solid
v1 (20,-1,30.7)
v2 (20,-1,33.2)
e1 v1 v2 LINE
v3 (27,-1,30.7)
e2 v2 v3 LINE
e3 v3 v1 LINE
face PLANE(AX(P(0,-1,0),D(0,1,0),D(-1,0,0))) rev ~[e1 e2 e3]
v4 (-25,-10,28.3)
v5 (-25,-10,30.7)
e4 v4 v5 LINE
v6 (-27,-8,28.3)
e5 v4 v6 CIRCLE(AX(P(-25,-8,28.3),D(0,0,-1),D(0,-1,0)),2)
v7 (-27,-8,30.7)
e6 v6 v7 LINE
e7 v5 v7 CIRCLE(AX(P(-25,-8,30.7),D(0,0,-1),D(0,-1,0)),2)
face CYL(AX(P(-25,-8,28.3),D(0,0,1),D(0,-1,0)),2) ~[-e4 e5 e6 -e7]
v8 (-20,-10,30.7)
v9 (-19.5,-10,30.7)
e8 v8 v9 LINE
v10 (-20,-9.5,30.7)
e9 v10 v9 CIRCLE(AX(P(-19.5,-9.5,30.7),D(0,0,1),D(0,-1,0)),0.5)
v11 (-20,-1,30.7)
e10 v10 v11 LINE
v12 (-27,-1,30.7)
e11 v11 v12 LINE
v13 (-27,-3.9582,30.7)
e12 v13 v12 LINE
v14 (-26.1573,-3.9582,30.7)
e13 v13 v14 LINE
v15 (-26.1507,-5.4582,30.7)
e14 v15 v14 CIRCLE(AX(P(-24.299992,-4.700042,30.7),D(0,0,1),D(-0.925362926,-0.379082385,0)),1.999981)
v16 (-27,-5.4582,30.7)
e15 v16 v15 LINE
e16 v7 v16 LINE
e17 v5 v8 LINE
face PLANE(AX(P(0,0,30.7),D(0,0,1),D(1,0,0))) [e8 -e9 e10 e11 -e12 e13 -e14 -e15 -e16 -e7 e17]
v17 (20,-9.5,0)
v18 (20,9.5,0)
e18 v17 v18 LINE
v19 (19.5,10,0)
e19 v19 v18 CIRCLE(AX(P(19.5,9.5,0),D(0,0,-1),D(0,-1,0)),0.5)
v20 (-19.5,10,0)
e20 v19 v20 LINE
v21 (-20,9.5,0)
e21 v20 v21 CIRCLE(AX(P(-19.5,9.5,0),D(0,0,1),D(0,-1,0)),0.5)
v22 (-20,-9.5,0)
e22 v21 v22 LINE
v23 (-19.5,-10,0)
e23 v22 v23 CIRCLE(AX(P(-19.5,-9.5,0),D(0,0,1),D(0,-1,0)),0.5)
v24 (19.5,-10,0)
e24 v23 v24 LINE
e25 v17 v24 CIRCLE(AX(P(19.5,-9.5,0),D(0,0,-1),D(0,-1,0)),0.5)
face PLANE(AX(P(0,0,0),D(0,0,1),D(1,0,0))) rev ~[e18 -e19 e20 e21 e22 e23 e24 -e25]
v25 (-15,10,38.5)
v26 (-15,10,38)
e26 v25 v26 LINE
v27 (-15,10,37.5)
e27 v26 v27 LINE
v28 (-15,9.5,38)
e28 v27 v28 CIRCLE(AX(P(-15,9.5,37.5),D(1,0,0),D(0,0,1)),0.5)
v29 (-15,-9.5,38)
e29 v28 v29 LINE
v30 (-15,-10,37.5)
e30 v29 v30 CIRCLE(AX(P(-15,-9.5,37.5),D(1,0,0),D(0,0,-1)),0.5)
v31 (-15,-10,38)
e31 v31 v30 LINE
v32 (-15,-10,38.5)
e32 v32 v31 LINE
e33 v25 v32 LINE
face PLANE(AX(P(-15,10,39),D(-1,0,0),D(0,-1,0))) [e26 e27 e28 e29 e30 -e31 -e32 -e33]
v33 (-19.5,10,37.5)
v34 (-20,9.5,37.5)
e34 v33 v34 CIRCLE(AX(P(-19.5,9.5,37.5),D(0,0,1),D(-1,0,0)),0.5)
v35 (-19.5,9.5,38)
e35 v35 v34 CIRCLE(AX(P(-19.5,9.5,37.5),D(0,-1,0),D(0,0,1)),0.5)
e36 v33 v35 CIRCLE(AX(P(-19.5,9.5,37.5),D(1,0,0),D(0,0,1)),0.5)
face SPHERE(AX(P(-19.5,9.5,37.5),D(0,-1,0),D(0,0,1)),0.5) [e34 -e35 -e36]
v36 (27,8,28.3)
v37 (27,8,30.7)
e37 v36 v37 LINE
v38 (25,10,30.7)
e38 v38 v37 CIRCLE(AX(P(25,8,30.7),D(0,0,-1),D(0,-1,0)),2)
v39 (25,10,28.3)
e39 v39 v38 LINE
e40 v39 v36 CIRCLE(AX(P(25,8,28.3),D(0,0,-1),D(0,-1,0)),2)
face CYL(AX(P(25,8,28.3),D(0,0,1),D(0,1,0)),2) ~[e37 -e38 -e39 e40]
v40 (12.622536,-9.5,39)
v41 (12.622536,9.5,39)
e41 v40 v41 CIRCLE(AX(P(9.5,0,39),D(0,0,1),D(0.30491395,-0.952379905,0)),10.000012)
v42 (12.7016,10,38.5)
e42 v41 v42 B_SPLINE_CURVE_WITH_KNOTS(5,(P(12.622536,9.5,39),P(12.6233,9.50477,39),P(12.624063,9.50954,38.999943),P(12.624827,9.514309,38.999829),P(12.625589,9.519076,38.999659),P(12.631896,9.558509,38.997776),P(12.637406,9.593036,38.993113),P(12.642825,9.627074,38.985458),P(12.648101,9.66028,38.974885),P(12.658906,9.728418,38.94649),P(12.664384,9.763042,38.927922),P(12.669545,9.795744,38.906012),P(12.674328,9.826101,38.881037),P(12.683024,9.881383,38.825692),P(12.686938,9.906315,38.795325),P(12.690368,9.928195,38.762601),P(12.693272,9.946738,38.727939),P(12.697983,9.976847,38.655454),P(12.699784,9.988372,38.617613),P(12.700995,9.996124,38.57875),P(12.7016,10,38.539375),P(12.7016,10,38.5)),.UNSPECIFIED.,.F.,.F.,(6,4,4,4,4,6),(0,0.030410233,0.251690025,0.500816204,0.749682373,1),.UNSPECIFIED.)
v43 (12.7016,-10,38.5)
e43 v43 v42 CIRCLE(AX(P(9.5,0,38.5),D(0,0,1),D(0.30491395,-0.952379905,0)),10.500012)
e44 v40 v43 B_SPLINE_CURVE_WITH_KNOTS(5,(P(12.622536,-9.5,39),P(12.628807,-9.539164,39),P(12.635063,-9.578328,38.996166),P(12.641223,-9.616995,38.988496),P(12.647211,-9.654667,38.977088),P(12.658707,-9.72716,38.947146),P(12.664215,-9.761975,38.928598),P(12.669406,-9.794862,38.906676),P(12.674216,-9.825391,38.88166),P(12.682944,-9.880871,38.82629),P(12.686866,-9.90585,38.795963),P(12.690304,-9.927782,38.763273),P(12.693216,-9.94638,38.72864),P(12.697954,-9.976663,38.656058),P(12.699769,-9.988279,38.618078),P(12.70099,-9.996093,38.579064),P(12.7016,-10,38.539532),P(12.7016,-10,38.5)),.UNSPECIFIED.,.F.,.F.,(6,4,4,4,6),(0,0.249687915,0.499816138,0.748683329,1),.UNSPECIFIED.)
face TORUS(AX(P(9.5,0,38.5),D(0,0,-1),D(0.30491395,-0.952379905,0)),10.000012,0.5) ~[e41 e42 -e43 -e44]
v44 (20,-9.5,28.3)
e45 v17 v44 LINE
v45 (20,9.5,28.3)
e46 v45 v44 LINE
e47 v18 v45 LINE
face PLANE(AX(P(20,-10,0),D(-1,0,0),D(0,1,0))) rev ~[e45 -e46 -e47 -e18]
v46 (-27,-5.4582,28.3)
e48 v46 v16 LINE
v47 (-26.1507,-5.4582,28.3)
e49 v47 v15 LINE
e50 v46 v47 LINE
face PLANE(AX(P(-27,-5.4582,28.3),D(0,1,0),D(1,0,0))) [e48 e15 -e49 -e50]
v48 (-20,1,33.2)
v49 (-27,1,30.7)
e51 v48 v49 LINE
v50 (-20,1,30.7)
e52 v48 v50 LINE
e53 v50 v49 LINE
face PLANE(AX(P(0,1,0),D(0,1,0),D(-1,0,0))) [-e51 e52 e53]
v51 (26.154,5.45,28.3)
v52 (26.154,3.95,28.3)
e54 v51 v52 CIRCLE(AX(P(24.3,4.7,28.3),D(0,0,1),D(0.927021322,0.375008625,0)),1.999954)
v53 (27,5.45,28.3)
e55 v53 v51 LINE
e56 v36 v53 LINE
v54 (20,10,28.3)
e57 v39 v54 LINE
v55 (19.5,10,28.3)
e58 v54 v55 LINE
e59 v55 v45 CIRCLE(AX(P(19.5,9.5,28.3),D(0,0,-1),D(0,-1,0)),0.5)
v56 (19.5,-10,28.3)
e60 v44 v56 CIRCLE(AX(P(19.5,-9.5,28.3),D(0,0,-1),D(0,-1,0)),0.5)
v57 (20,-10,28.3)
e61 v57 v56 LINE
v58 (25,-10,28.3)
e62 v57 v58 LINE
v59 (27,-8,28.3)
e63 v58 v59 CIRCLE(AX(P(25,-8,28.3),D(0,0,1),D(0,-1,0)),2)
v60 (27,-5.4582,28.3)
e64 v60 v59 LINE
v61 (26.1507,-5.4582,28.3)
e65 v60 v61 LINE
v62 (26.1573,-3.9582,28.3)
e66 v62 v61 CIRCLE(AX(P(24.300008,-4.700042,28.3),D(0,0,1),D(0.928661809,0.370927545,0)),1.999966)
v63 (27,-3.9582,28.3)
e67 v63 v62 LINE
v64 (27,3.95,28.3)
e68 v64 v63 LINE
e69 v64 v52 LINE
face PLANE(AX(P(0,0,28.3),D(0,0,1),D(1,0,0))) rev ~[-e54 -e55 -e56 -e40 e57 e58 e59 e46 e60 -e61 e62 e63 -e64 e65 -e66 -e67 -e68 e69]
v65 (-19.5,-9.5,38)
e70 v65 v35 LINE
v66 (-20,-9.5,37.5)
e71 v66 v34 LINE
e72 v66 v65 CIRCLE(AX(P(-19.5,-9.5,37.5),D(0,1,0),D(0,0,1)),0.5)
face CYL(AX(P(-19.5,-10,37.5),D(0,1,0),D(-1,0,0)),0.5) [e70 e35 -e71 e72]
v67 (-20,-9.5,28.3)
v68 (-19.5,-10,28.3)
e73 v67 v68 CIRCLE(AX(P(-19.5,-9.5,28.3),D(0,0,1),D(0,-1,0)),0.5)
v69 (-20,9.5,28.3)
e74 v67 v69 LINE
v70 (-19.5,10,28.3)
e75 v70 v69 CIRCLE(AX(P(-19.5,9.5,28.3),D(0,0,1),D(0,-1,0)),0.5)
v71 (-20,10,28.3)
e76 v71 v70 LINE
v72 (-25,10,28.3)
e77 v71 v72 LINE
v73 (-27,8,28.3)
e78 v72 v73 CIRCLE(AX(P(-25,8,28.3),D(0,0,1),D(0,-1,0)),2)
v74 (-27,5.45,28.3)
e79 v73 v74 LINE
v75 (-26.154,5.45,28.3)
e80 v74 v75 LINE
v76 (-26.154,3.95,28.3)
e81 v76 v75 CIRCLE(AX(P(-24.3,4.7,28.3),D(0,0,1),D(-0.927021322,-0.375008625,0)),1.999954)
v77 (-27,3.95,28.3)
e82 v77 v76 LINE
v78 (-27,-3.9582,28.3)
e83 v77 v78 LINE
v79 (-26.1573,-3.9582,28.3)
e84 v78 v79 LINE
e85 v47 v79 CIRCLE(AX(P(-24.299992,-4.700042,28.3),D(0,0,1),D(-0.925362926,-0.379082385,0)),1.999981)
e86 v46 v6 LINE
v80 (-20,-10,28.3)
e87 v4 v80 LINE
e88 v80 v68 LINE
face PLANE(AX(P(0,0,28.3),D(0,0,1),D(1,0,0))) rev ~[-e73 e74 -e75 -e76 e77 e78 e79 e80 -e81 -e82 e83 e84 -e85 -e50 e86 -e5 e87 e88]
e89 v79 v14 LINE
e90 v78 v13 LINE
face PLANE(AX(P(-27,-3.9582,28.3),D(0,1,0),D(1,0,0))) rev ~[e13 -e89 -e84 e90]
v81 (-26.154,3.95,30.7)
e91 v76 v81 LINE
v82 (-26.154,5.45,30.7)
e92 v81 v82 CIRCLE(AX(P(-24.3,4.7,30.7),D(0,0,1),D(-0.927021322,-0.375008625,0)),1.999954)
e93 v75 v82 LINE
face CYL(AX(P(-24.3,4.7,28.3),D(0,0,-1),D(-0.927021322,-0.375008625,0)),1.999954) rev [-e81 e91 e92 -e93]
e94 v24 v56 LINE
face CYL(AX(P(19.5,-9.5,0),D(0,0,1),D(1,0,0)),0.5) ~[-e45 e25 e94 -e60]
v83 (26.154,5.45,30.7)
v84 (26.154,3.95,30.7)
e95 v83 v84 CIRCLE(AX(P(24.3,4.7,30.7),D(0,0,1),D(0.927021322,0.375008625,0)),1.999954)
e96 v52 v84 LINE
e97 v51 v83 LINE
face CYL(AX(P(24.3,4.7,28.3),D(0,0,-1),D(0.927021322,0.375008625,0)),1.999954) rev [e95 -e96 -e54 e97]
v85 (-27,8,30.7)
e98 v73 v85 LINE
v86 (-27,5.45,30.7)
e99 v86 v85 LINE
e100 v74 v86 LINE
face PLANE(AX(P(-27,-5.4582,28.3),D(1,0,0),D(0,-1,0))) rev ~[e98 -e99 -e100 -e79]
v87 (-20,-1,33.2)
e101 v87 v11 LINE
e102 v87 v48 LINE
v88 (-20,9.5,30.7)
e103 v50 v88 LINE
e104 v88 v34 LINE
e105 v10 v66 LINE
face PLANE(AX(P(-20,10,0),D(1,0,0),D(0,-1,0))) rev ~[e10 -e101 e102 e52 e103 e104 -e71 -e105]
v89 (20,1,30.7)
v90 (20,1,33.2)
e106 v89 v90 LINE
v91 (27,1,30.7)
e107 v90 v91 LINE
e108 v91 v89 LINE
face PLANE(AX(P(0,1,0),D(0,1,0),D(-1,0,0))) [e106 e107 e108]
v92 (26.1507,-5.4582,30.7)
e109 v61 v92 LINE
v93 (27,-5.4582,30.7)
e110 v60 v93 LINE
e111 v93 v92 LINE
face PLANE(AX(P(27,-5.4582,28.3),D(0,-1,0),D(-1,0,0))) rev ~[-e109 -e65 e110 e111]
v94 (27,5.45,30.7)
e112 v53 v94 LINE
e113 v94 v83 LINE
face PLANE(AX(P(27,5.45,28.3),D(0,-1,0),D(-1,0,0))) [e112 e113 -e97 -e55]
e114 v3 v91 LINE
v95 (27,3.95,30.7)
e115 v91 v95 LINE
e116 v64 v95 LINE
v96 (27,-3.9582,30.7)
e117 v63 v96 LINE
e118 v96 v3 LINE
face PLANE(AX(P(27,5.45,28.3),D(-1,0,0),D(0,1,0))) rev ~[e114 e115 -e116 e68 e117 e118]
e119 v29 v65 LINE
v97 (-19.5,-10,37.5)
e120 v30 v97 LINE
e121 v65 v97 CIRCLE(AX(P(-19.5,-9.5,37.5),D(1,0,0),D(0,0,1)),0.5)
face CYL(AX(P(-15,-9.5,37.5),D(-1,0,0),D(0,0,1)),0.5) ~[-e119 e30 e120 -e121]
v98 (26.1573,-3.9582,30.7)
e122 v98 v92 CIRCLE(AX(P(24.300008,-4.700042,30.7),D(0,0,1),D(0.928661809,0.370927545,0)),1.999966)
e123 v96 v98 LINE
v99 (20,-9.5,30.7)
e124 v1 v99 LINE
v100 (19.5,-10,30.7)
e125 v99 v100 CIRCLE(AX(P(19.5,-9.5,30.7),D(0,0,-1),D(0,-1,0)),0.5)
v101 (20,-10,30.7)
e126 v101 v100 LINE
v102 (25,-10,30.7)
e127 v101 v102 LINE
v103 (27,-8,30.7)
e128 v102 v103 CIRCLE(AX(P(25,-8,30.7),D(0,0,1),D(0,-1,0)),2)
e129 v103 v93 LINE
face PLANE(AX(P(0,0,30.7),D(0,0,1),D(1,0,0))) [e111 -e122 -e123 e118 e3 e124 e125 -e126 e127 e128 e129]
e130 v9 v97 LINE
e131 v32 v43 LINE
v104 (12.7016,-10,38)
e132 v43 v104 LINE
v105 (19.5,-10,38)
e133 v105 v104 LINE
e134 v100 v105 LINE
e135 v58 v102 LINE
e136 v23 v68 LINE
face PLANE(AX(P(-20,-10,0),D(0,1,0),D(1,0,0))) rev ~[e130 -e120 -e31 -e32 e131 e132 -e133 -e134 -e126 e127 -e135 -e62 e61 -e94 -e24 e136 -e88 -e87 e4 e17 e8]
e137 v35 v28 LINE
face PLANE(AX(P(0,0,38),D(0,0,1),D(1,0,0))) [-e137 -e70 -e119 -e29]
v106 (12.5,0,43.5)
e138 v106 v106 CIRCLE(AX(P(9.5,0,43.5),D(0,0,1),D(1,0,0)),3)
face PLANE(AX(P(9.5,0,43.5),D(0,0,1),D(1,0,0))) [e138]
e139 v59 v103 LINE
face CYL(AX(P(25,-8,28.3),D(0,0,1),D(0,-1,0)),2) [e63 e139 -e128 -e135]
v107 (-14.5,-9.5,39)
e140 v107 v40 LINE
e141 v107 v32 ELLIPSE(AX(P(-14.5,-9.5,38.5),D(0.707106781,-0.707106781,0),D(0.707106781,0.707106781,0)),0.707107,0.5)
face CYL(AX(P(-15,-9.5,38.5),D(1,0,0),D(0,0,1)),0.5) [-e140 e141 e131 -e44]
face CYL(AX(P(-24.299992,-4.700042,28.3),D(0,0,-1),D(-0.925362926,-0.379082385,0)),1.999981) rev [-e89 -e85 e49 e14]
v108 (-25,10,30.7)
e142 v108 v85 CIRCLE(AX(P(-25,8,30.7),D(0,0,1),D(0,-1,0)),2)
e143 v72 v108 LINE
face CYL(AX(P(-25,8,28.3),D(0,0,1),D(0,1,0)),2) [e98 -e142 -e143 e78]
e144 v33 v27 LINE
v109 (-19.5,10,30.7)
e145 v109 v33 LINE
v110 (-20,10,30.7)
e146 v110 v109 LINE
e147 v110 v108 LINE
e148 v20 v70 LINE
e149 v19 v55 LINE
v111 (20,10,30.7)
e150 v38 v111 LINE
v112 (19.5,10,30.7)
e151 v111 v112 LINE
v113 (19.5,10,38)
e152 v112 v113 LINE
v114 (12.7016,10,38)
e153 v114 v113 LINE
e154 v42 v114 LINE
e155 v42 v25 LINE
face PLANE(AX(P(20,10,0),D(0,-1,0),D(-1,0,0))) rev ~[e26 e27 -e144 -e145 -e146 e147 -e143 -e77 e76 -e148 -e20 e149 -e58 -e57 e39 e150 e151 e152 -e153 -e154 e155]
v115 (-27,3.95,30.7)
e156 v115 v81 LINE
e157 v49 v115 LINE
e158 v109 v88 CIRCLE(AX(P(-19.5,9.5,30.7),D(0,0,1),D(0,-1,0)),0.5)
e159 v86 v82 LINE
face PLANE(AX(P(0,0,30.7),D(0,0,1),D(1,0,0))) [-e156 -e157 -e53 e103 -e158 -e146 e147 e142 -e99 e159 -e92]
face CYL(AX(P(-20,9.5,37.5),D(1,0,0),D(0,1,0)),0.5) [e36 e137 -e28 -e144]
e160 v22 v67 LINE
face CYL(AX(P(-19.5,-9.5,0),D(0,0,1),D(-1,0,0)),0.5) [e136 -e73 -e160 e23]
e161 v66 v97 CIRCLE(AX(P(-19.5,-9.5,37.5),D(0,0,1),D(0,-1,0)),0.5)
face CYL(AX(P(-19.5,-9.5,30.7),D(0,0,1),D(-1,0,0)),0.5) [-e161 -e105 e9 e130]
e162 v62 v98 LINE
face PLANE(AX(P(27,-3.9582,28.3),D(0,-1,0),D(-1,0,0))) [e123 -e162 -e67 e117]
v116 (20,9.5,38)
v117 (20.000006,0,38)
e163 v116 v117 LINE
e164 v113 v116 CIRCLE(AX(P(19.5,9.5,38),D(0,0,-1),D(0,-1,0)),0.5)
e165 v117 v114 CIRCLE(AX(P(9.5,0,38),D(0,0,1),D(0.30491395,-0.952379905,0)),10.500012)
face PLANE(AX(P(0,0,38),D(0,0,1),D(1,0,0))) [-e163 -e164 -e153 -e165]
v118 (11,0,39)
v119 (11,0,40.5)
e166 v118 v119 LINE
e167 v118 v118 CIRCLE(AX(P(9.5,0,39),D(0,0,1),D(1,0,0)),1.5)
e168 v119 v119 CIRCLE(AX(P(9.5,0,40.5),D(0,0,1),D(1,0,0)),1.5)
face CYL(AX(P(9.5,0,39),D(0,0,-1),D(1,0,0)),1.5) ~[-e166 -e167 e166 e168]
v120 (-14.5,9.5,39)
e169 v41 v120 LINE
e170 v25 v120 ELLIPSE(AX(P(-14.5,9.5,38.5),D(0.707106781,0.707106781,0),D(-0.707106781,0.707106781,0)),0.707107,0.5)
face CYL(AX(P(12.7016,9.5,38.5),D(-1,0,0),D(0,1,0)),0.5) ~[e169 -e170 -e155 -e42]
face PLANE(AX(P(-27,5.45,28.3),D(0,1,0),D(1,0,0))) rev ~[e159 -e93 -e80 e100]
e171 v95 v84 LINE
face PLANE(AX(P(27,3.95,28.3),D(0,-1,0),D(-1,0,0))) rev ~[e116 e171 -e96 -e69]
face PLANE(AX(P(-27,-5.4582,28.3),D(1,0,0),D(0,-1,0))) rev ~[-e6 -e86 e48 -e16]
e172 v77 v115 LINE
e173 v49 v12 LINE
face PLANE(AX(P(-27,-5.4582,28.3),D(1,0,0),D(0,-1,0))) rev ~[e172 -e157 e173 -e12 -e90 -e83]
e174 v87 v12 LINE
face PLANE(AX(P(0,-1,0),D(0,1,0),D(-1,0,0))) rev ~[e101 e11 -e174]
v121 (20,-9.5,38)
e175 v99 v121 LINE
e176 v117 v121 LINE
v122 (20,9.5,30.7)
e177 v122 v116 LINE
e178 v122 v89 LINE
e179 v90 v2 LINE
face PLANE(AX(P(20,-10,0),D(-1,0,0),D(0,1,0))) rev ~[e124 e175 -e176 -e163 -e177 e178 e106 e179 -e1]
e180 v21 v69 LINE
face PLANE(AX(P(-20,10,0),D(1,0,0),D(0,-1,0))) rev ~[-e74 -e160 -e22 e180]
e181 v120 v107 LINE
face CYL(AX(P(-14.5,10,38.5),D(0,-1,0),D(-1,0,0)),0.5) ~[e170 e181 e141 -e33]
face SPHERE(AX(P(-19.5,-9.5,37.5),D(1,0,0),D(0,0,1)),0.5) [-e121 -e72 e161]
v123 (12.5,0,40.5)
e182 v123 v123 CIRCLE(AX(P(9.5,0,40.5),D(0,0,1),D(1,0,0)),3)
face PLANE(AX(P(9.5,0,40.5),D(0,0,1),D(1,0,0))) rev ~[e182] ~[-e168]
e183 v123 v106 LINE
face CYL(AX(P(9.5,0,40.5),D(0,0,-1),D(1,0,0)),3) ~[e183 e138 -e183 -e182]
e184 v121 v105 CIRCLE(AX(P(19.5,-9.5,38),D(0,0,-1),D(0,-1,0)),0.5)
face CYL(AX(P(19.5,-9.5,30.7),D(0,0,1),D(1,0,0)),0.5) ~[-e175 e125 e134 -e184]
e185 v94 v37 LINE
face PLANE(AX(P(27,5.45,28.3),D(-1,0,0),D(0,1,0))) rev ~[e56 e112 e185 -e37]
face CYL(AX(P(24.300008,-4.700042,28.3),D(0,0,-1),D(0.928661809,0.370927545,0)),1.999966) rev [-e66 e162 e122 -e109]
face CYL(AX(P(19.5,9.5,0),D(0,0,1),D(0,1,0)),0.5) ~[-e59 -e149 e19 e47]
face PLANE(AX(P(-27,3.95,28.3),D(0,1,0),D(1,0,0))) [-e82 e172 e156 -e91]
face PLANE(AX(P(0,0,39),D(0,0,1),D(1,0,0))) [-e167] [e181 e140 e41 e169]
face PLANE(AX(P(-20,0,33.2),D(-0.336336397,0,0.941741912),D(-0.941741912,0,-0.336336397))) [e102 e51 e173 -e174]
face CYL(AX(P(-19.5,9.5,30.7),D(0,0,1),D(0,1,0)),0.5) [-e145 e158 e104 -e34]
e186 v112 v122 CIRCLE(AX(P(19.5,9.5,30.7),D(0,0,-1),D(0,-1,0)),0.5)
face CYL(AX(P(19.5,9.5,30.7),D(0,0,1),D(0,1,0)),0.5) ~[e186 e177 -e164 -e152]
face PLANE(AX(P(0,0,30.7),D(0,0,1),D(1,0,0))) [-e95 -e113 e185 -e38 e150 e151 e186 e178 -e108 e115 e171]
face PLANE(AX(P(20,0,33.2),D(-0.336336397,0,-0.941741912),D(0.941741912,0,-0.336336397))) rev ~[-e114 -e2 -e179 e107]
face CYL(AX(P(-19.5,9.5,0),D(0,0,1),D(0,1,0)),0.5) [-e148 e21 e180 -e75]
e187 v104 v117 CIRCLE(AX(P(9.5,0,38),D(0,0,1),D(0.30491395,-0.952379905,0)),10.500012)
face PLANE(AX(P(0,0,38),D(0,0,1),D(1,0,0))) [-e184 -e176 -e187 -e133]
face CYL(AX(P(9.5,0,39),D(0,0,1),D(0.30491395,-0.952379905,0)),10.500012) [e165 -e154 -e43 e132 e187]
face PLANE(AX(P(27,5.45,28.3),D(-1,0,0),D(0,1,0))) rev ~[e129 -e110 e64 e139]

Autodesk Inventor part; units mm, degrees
ref_plane "YZ Plane" through (0, 0, 0) normal (1, 0, 0) x (0, 1, 0)
ref_plane "XZ Plane" through (0, 0, 0) normal (0, 1, 0) x (-1, 0, 0)
sketch "Sketch1" plane through (0, 0, 0) normal (0, 0, 1) x (1, 0, 0)
  line L0 (-20, -10) -> (20, -10)
  line L1 (20, -10) -> (20, 10)
  line L2 (20, 10) -> (-20, 10)
  line L3 (-20, 10) -> (-20, -10)
  line L4 (-20, -10) -> (20, 10) construction
  line L5 (20, -10) -> (-20, 10) construction
  point P0 (0, 0)
  dimension "d0" = 40
  dimension "d1" = 20
extrude "Extrusion1" add sketch "Sketch1" along normal blind 39
ref_plane "Work Plane1" through (0, 0, 28.3) normal (0, 0, 1) x (1, 0, 0)
sketch "Sketch2" plane through (0, 0, 28.3) normal (0, 0, 1) x (1, 0, 0)
  line L0 (20, -10) -> (-20, -10) projected
  line L1 (-20, -10) -> (-20, 10) projected
  line L2 (-20, 10) -> (20, 10) projected
  line L3 (20, 10) -> (20, -10) projected
  line L4 (-27, -10) -> (27, -10)
  line L5 (27, -10) -> (27, 10)
  line L6 (27, 10) -> (-27, 10)
  line L7 (-27, 10) -> (-27, -10)
  line L8 (-27, -10) -> (27, 10) construction
  line L9 (27, -10) -> (-27, 10) construction
  line L10 (-27, -4.7082) -> (-24.3, -4.7082) construction
  line L11 (-24.3, -4.7) -> (-24.3, 4.7) construction
  arc A0 (-26.154, 3.95) -> (-26.154, 5.45) centre (-24.3, 4.7) ccw
  arc A1 (-26.1507, -5.4582) -> (-26.1573, -3.9582) centre (-24.3, -4.7) ccw
  line L12 (0, 13.3238) -> (0, -12.3222) construction
  arc A2 (26.154, 5.45) -> (26.154, 3.95) centre (24.3, 4.7) ccw
  arc A3 (26.1573, -3.9582) -> (26.1507, -5.4582) centre (24.3, -4.7) ccw
  line L13 (-27, 3.95) -> (-27, 5.45)
  line L14 (-27, -5.4582) -> (-27, -3.9582)
  line L15 (-27, 5.45) -> (-26.154, 5.45)
  line L16 (-27, 3.95) -> (-26.154, 3.95)
  line L17 (-27, -3.9582) -> (-26.1573, -3.9582)
  line L18 (-27, -5.4582) -> (-26.1507, -5.4582)
  line L19 (27, 5.45) -> (26.154, 5.45)
  line L20 (27, 3.95) -> (26.154, 3.95)
  line L21 (27, -3.9582) -> (26.1573, -3.9582)
  line L22 (27, -5.4582) -> (26.1507, -5.4582)
  point P0 (0, 0)
  point P1 (24.3, -4.7082)
  point P2 (-27, 4.7)
  dimension "d5" = 54
  dimension "d13" = 2.7
  dimension "d14" = 9.4
  dimension "furos" = 4
  dimension "d16" = 4
  dimension "d29" = 1.5
  dimension "d30" = 1.5
extrude "Extrusion2" add sketch "Sketch2" along normal blind 2.4 contours L3 L6 L5 L19 A2 L20 L21 A3 L22 L4 | L4 L7 L18 A1 L17 L16 A0 L15 L6 L1 | L22 A3 L21 L5 | L7 L17 A1 L18 | L5 L20 A2 L19 | L15 A0 L16 L7
sketch "Sketch3" plane through (0, 0, 0) normal (0, 1, 0) x (-1, 0, 0)
  line L0 (-27, 28.3) -> (-27, 30.7) projected
  line L1 (-27, 30.7) -> (-20, 30.7) projected
  line L2 (-20, 30.7) -> (-20, 39) projected
  line L3 (-20, 39) -> (20, 39) projected
  line L4 (20, 39) -> (20, 30.7) projected
  line L5 (20, 30.7) -> (27, 30.7) projected
  line L6 (27, 30.7) -> (27, 28.3) projected
  line L7 (27, 28.3) -> (20, 28.3) projected
  line L8 (20, 28.3) -> (20, 0) projected
  line L9 (20, 0) -> (-20, 0) projected
  line L10 (-20, 0) -> (-20, 28.3) projected
  line L11 (-20, 28.3) -> (-27, 28.3) projected
  line L12 (20, 30.7) -> (20, 33.2)
  line L13 (20, 33.2) -> (27, 30.7)
  line L14 (27, 30.7) -> (20, 30.7)
  line L15 (0, 28.3) -> (0, 40.3429)
  line L16 (-20, 39) -> (-20, 30.7)
  line L17 (-20, 30.7) -> (-27, 30.7)
  line L18 (-20, 30.7) -> (-20, 33.2)
  line L19 (-20, 33.2) -> (-27, 30.7)
  line L20 (-27, 30.7) -> (-20, 30.7)
  point P0 (0, 0)
  dimension "d8" = 2.5
extrude "Extrusion4" add sketch "Sketch3" along normal mid plane 2 contours L19 L2 L1 | L13 L5 L4
extrude "Extrusion5" cut sketch "Sketch2" along normal up to surface (2.4 mm away) contours L22 A3 L21 L5 | L7 L17 A1 L18 | L5 L20 A2 L19 | L15 A0 L16 L7
sketch "Sketch4" plane through (0, 0, 39) normal (0, 0, 1) x (1, 0, 0)
  line L0 (20, 10) -> (20, -10) construction
  line L1 (20, 0) -> (9.5, 0) construction
  circle A0 centre (9.5, 0) radius 1.5
  point P0 (0, 0)
  dimension "d19" = 10.5
  dimension "d20" = 3
extrude "Extrusion6" add sketch "Sketch4" along normal blind 1.5
sketch "Sketch5" plane through (9.5, 0, 40.5) normal (0, 0, 1) x (1, 0, 0)
  circle A0 centre (0, 0) radius 3
  point P0 (-9.5, 0)
  dimension "d23" = 6
extrude "Extrusion7" add sketch "Sketch5" along normal blind 3
sketch "Sketch6" plane through (0, 0, 39) normal (0, 0, 1) x (1, 0, 0)
  circle A0 centre (9.5, 0) radius 1.5 projected
  line L0 (20, 10) -> (20, -10) projected
  line L1 (20, -10) -> (-20, -10) projected
  line L2 (-20, -10) -> (-20, 10) projected
  line L3 (-20, 10) -> (20, 10) projected
  line L4 (-20, 10) -> (-15, 10)
  line L5 (-15, 10) -> (-15, -10)
  line L6 (-15, -10) -> (-20, -10)
  line L7 (-20, -10) -> (-20, 10)
  arc A1 (12.7016, -10) -> (12.7016, 10) centre (9.5, 0) ccw
  point P0 (0, 0)
  point P1 (20, 0)
  dimension "d26" = 5
extrude "Extrusion8" cut sketch "Sketch6" against normal blind 1 contours L0 A1 L3 | L0 L1 A1 | L5 L1 L2 L3
fillet "Fillet1" radius 2 4 edges at (-27, -10, 29.5) (-27, 10, 29.5) (27, -10, 29.5) (27, 10, 29.5)
fillet "Fillet2" radius 0.5 15 edges at (-1.1492, -10, 39) (20, 0, 39) (-1.1492, 10, 39) (-15, 0, 39) (-17.5, -10, 38) (-20, 0, 38) (-17.5, 10, 38) (20, 10, 34.35) (20, -10, 34.35) (20, -10, 14.15) (20, 10, 14.15) (-20, -10, 14.15) (-20, -10, 34.35) (-20, 10, 34.35) (-20, 10, 14.15)
equation "\"d16\" = furos"
properties part number "Servo996R_180º"
